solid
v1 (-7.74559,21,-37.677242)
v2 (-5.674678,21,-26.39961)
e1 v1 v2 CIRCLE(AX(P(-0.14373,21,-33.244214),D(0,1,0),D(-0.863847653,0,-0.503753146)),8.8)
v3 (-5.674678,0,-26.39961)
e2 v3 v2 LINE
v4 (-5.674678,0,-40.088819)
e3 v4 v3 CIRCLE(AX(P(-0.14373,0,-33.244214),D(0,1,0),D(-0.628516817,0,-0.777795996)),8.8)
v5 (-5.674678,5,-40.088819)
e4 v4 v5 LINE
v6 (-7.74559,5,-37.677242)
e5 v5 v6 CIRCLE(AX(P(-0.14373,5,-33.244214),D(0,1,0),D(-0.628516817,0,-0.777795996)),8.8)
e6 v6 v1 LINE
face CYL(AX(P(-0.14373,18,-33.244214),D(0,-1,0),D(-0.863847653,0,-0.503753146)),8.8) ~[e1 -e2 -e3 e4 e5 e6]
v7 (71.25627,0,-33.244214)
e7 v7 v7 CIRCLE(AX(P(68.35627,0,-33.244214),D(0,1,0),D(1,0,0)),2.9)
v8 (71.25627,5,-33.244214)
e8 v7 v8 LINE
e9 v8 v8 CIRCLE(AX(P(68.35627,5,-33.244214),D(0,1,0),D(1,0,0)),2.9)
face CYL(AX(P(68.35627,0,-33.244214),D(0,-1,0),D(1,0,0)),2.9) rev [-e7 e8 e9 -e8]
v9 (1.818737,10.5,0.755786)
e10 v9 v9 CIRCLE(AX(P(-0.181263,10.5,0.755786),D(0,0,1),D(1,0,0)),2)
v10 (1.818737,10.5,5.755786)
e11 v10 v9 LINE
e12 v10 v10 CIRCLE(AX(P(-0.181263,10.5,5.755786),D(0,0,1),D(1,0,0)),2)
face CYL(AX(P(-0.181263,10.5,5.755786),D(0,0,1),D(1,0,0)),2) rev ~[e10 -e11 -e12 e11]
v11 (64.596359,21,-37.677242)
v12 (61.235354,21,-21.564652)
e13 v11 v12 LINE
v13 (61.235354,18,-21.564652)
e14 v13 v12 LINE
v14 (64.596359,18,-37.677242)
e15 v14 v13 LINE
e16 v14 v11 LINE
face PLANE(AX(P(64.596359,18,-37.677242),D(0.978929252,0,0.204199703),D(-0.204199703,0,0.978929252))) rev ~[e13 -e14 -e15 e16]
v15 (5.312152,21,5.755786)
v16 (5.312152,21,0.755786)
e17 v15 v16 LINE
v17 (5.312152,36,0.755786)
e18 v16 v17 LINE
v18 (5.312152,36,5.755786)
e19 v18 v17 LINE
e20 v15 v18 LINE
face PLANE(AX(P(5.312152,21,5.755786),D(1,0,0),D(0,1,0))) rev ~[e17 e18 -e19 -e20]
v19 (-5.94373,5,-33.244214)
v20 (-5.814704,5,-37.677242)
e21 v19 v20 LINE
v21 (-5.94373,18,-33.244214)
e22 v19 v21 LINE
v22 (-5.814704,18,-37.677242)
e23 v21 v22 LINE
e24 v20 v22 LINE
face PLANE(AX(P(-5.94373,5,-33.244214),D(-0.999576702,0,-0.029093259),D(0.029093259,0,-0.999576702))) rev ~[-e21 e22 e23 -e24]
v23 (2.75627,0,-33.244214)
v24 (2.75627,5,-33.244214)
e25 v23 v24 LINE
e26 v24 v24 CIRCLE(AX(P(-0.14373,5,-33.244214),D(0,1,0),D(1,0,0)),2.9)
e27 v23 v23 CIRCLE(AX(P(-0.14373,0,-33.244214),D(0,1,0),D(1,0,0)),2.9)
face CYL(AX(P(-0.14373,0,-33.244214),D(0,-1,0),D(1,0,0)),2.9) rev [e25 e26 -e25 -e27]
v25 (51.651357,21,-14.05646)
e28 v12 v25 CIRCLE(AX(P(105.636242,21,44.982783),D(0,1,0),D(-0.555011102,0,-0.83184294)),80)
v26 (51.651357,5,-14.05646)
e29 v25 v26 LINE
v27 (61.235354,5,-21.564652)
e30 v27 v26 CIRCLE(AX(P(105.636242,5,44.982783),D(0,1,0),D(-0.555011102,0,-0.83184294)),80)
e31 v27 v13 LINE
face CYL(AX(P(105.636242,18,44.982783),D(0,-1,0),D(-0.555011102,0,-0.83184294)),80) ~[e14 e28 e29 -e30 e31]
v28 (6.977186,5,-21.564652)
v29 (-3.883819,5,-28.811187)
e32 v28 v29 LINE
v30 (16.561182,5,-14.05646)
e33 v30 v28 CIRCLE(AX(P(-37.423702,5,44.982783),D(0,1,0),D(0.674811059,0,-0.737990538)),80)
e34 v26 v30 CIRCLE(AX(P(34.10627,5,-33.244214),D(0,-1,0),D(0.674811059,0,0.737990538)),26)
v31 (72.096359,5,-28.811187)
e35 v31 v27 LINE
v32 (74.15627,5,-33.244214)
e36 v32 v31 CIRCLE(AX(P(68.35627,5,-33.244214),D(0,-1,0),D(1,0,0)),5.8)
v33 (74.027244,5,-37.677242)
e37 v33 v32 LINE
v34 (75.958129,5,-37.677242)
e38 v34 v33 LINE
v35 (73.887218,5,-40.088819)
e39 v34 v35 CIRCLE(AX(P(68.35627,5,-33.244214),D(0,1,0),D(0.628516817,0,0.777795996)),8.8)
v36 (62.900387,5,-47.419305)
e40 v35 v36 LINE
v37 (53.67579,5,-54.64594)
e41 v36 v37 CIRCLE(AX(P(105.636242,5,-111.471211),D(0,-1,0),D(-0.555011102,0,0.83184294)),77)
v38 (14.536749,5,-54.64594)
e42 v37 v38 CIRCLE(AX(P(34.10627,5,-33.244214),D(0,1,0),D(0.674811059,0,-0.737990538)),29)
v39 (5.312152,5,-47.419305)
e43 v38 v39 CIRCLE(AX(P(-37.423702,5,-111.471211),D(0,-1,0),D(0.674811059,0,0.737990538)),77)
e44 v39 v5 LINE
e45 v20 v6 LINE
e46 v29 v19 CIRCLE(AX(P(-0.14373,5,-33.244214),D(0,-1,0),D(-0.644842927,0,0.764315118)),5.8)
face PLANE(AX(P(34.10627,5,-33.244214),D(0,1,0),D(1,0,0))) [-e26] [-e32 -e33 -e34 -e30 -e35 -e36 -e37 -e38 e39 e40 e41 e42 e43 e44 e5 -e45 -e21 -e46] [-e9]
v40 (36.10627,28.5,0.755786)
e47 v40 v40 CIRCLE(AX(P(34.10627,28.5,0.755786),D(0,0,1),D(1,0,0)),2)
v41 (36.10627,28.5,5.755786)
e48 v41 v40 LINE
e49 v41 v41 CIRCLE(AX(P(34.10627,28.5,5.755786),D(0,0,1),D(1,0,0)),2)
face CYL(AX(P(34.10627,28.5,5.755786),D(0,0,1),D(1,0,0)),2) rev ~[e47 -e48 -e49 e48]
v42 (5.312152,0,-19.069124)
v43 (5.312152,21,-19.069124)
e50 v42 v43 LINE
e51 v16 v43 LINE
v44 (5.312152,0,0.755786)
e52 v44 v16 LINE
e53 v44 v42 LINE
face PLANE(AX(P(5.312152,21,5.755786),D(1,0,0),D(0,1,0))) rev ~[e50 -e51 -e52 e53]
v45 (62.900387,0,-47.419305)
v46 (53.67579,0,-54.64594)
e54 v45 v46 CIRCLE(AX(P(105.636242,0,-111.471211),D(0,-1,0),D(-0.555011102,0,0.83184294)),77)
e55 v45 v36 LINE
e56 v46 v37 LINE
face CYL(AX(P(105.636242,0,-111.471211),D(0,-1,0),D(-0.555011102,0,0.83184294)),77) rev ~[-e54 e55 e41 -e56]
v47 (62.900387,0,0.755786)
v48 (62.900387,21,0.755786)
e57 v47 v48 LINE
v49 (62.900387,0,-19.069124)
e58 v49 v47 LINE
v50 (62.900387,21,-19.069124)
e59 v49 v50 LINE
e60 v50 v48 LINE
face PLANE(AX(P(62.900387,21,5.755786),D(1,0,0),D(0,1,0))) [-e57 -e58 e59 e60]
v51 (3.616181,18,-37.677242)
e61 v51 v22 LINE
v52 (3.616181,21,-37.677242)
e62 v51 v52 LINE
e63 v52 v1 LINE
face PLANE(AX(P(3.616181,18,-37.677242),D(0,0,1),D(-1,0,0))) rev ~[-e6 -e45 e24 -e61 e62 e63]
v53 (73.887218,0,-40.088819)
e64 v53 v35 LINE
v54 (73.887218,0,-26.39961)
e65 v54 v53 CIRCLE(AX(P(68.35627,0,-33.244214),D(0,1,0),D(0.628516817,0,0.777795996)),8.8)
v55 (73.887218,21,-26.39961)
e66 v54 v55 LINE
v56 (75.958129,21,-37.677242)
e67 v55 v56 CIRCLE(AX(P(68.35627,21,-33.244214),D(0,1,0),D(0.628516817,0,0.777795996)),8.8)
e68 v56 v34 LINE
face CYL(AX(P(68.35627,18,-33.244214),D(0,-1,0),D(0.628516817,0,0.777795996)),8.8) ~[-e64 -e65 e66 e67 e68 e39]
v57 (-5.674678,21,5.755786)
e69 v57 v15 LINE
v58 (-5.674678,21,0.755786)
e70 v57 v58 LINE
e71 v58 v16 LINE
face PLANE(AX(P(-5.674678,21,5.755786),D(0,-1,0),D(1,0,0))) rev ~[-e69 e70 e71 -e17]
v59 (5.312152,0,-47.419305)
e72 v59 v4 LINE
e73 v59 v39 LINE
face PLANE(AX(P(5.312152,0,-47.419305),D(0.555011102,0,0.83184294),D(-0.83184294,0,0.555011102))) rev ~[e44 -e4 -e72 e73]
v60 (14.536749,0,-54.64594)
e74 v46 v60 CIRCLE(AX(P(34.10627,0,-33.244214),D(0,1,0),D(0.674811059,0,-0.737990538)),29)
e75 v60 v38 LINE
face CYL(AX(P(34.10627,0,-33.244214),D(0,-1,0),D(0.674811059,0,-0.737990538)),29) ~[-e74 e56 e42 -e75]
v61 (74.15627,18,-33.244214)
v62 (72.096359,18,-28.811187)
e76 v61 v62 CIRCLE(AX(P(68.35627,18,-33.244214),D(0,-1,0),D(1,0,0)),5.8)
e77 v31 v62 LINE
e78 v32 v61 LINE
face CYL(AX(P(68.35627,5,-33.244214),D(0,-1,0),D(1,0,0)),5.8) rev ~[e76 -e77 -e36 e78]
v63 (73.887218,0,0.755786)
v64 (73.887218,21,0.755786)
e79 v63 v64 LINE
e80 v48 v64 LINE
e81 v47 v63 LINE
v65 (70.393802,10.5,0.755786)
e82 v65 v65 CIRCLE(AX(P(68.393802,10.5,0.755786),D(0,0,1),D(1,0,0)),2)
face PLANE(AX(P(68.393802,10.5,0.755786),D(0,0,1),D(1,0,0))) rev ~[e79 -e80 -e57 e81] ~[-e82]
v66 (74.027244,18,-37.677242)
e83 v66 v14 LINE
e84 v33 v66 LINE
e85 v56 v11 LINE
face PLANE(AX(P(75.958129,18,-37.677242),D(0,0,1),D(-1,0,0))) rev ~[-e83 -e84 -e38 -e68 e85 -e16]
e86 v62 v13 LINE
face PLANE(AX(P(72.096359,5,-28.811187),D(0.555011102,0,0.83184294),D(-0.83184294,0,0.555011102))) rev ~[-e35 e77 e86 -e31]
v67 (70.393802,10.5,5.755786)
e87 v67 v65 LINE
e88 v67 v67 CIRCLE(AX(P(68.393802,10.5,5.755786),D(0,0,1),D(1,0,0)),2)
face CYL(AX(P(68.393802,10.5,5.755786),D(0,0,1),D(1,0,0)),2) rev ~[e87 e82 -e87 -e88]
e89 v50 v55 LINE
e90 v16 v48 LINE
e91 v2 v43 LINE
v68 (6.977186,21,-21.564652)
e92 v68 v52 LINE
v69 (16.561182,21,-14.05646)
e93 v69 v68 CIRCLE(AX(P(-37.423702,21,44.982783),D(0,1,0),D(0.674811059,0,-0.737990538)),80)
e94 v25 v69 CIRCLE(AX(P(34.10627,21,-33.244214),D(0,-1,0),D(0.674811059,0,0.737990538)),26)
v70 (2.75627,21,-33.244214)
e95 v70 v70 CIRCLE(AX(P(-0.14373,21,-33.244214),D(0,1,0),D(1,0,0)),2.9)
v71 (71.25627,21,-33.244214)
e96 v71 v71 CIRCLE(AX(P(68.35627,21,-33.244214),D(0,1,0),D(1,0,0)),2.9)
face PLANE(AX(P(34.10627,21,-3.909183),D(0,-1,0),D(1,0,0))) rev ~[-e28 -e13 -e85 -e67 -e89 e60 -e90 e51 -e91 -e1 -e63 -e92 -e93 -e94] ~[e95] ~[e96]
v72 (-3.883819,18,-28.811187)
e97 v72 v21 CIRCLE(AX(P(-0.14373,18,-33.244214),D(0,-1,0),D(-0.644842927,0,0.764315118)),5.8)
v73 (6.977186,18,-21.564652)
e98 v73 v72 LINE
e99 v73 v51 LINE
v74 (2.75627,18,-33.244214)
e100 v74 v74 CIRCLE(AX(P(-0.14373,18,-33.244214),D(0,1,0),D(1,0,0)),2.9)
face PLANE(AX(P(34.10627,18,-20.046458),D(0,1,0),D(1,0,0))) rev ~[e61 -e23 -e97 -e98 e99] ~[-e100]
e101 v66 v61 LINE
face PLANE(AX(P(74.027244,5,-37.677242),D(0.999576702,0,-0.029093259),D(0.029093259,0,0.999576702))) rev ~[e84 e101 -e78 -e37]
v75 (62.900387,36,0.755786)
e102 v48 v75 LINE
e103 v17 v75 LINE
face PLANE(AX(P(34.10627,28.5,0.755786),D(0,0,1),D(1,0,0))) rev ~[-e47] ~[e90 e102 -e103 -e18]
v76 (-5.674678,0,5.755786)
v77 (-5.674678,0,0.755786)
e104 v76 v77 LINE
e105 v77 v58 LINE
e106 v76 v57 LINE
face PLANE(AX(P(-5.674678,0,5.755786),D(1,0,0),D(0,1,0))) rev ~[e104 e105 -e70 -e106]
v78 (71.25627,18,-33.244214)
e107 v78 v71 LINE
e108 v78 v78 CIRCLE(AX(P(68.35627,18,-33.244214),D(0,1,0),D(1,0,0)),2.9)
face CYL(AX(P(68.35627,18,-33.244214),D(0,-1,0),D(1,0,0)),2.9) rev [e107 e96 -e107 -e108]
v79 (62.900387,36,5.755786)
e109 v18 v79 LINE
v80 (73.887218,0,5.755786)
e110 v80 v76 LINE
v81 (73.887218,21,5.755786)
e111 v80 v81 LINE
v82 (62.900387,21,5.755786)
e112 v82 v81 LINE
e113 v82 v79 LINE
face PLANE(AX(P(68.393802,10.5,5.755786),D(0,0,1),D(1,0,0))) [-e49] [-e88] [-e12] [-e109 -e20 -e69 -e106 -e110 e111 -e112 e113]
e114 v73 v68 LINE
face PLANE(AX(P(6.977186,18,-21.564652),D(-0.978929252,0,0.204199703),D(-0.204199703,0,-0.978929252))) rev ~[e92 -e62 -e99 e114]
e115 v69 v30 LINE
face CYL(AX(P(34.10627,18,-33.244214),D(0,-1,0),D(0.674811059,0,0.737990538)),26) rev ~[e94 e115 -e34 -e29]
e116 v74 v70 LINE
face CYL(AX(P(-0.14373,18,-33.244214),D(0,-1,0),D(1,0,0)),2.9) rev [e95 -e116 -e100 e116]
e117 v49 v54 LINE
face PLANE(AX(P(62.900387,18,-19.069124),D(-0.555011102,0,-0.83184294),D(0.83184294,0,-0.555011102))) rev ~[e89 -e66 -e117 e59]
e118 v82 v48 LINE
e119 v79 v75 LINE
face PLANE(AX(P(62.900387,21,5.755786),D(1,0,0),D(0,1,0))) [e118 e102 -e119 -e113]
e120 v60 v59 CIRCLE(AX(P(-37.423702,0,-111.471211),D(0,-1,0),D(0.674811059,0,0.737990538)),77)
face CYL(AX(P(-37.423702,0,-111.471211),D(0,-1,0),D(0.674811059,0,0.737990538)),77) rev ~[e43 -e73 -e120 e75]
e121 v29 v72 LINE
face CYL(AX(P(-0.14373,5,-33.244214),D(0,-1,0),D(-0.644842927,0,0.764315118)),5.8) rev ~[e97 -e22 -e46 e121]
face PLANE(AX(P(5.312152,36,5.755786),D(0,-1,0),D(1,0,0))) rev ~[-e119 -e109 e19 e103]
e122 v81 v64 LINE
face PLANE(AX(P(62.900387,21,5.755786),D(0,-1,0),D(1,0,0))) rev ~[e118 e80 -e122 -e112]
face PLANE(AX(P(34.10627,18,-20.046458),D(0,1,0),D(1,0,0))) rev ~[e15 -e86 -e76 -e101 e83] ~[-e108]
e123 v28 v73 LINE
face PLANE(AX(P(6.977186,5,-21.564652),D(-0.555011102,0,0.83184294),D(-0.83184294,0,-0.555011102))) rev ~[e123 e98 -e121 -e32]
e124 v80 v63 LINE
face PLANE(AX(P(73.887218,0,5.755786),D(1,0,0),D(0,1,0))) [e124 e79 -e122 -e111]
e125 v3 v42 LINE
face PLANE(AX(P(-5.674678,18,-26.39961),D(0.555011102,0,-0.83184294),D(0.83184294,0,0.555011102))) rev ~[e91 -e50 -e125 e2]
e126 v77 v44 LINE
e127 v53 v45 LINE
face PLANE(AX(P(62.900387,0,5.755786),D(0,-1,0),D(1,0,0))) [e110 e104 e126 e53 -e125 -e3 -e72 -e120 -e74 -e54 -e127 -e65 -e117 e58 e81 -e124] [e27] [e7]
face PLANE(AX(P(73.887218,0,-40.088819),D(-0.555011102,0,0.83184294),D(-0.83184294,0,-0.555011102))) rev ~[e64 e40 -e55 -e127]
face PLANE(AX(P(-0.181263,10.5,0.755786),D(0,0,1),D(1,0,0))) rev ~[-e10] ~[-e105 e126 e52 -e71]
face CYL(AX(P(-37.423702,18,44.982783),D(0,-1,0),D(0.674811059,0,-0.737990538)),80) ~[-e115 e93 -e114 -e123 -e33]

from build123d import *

# Parameters (mm, degrees)
SKETCH1_R           = 2.9
BOSS_EXTRUDE1_DEPTH = 5
BOSS_EXTRUDE2_DEPTH = 13
SKETCH4_R           = 2.9
BOSS_EXTRUDE3_DEPTH = 3
BOSS_EXTRUDE4_DEPTH = 21
SKETCH7_W           = 57.588234794
SKETCH7_H           = 15
SKETCH7_R           = 2
BOSS_EXTRUDE6_DEPTH = 5
SKETCH9_W           = 10.98683059
SKETCH9_H           = 21
SKETCH9_R           = 2
BOSS_EXTRUDE7_DEPTH = 5


with BuildPart() as part:
    # Sketch1 → Boss-Extrude1 (new body)
    with BuildSketch(Plane(origin=(0, 0, 0), x_dir=(1, 0, 0), z_dir=(0, 1, 0))):
        with BuildLine():
            Line((62.90038715, 19.069123632), (73.88721774, 26.399609553))
            ThreePointArc((73.88721774, 26.399609553), (77.156269753, 33.244214317), (73.88721774, 40.088819081))
            Line((73.88721774, 40.088819081), (62.90038715, 47.419305002))
            ThreePointArc((62.90038715, 47.419305002), (58.150415973, 50.856886947), (53.675790472, 54.645939921))
            ThreePointArc((53.675790472, 54.645939921), (34.106269753, 62.244214317), (14.536749034, 54.645939921))
            ThreePointArc((14.536749034, 54.645939921), (10.062123533, 50.856886947), (5.312152356, 47.419305002))
            Line((5.312152356, 47.419305002), (-5.674678234, 40.088819081))
            ThreePointArc((-5.674678234, 40.088819081), (-8.943730247, 33.244214317), (-5.674678234, 26.399609553))
            Line((-5.674678234, 26.399609553), (5.312152356, 19.069123632))
            ThreePointArc((5.312152356, 19.069123632), (10.062123533, 15.631541687), (14.536749034, 11.842488713))
            ThreePointArc((14.536749034, 11.842488713), (34.106269753, 4.244214317), (53.675790472, 11.842488713))
            ThreePointArc((53.675790472, 11.842488713), (58.150415973, 15.631541687), (62.90038715, 19.069123632))
        make_face()
        with Locations((68.356269753, 33.244214317)):
            Circle(SKETCH1_R, mode=Mode.SUBTRACT)
        with Locations((-0.143730247, 33.244214317)):
            Circle(SKETCH1_R, mode=Mode.SUBTRACT)
    extrude(amount=BOSS_EXTRUDE1_DEPTH)

    # Sketch3 → Boss-Extrude2 (add)
    with BuildSketch(Plane(origin=(0, 5, 0), x_dir=(1, 0, 0), z_dir=(0, 1, 0))):
        with BuildLine():
            Line((62.90038715, 19.069123632), (73.88721774, 26.399609553))
            ThreePointArc((73.88721774, 26.399609553), (77.011551697, 31.654845113), (75.9581291, 37.677242003))
            Line((75.9581291, 37.677242003), (74.027243913, 37.677242003))
            Line((74.027243913, 37.677242003), (74.156269753, 33.244214317))
            ThreePointArc((74.156269753, 33.244214317), (73.616142187, 30.800090348), (72.096358727, 28.811186631))
            Line((72.096358727, 28.811186631), (61.235353843, 21.564652451))
            ThreePointArc((61.235353843, 21.564652451), (56.300318854, 17.993138742), (51.651357294, 14.056460327))
            ThreePointArc((51.651357294, 14.056460327), (34.106269753, 7.244214317), (16.561182212, 14.056460327))
            ThreePointArc((16.561182212, 14.056460327), (11.912220652, 17.993138742), (6.977185663, 21.564652451))
            Line((6.977185663, 21.564652451), (-3.883819221, 28.811186631))
            ThreePointArc((-3.883819221, 28.811186631), (-5.403602681, 30.800090348), (-5.943730247, 33.244214317))
            Line((-5.943730247, 33.244214317), (-5.814704408, 37.677242003))
            Line((-5.814704408, 37.677242003), (-7.745589594, 37.677242003))
            ThreePointArc((-7.745589594, 37.677242003), (-8.799012191, 31.654845113), (-5.674678234, 26.399609553))
            Line((-5.674678234, 26.399609553), (5.312152356, 19.069123632))
            ThreePointArc((5.312152356, 19.069123632), (10.062123533, 15.631541687), (14.536749034, 11.842488713))
            ThreePointArc((14.536749034, 11.842488713), (34.106269753, 4.244214317), (53.675790472, 11.842488713))
            ThreePointArc((53.675790472, 11.842488713), (58.150415973, 15.631541687), (62.90038715, 19.069123632))
        make_face()
    extrude(amount=BOSS_EXTRUDE2_DEPTH)

    # Sketch4 → Boss-Extrude3 (add)
    with BuildSketch(Plane(origin=(0, 18, 0), x_dir=(1, 0, 0), z_dir=(0, 1, 0))):
        with BuildLine():
            Line((3.616180779, 37.677242003), (-7.745589594, 37.677242003))
            ThreePointArc((-7.745589594, 37.677242003), (-8.799012191, 31.654845113), (-5.674678234, 26.399609553))
            Line((-5.674678234, 26.399609553), (5.312152356, 19.069123632))
            ThreePointArc((5.312152356, 19.069123632), (10.062123533, 15.631541687), (14.536749034, 11.842488713))
            ThreePointArc((14.536749034, 11.842488713), (34.106269753, 4.244214317), (53.675790472, 11.842488713))
            ThreePointArc((53.675790472, 11.842488713), (58.150415973, 15.631541687), (62.90038715, 19.069123632))
            Line((62.90038715, 19.069123632), (73.88721774, 26.399609553))
            ThreePointArc((73.88721774, 26.399609553), (77.011551697, 31.654845113), (75.9581291, 37.677242003))
            Line((75.9581291, 37.677242003), (64.596358727, 37.677242003))
            Line((64.596358727, 37.677242003), (61.235353843, 21.564652451))
            ThreePointArc((61.235353843, 21.564652451), (56.300318854, 17.993138742), (51.651357294, 14.056460327))
            ThreePointArc((51.651357294, 14.056460327), (34.106269753, 7.244214317), (16.561182212, 14.056460327))
            ThreePointArc((16.561182212, 14.056460327), (11.912220652, 17.993138742), (6.977185663, 21.564652451))
            Line((6.977185663, 21.564652451), (3.616180779, 37.677242003))
        make_face()
        with Locations((-0.143730247, 33.244214317)):
            Circle(SKETCH4_R, mode=Mode.SUBTRACT)
        with Locations((68.356269753, 33.244214317)):
            Circle(SKETCH4_R, mode=Mode.SUBTRACT)
    extrude(amount=BOSS_EXTRUDE3_DEPTH)

    # Sketch5 → Boss-Extrude4 (add)
    with BuildSketch(Plane.XZ):
        with BuildLine():
            Line((62.90038715, -19.069123632), (62.90038715, 5.755785683))
            Line((62.90038715, 5.755785683), (5.312152356, 5.755785683))
            Line((5.312152356, 5.755785683), (5.312152356, -19.069123632))
            ThreePointArc((5.312152356, -19.069123632), (10.062123533, -15.631541687), (14.536749034, -11.842488713))
            ThreePointArc((14.536749034, -11.842488713), (34.106269753, -4.244214317), (53.675790472, -11.842488713))
            ThreePointArc((53.675790472, -11.842488713), (58.150415973, -15.631541687), (62.90038715, -19.069123632))
        make_face()
    extrude(amount=-BOSS_EXTRUDE4_DEPTH)

    # Sketch7 → Boss-Extrude6 (add)
    with BuildSketch(Plane.XY.offset(5.755785683)):
        with Locations((34.106269753, 28.5)):
            Rectangle(SKETCH7_W, SKETCH7_H)
        with Locations((34.106269753, 28.5)):
            Circle(SKETCH7_R, mode=Mode.SUBTRACT)
    extrude(amount=-BOSS_EXTRUDE6_DEPTH)

    # Sketch9 → Boss-Extrude7 (add)
    with BuildSketch(Plane.XY.offset(5.755785683)):
        with Locations((68.393802445, 10.5)):
            Rectangle(SKETCH9_W, SKETCH9_H)
        with Locations((68.393802445, 10.5)):
            Circle(SKETCH9_R, mode=Mode.SUBTRACT)
        with Locations((-0.181262939, 10.5)):
            Rectangle(SKETCH9_W, SKETCH9_H)
        with Locations((-0.181262939, 10.5)):
            Circle(SKETCH9_R, mode=Mode.SUBTRACT)
    extrude(amount=-BOSS_EXTRUDE7_DEPTH)


solid = part.part
